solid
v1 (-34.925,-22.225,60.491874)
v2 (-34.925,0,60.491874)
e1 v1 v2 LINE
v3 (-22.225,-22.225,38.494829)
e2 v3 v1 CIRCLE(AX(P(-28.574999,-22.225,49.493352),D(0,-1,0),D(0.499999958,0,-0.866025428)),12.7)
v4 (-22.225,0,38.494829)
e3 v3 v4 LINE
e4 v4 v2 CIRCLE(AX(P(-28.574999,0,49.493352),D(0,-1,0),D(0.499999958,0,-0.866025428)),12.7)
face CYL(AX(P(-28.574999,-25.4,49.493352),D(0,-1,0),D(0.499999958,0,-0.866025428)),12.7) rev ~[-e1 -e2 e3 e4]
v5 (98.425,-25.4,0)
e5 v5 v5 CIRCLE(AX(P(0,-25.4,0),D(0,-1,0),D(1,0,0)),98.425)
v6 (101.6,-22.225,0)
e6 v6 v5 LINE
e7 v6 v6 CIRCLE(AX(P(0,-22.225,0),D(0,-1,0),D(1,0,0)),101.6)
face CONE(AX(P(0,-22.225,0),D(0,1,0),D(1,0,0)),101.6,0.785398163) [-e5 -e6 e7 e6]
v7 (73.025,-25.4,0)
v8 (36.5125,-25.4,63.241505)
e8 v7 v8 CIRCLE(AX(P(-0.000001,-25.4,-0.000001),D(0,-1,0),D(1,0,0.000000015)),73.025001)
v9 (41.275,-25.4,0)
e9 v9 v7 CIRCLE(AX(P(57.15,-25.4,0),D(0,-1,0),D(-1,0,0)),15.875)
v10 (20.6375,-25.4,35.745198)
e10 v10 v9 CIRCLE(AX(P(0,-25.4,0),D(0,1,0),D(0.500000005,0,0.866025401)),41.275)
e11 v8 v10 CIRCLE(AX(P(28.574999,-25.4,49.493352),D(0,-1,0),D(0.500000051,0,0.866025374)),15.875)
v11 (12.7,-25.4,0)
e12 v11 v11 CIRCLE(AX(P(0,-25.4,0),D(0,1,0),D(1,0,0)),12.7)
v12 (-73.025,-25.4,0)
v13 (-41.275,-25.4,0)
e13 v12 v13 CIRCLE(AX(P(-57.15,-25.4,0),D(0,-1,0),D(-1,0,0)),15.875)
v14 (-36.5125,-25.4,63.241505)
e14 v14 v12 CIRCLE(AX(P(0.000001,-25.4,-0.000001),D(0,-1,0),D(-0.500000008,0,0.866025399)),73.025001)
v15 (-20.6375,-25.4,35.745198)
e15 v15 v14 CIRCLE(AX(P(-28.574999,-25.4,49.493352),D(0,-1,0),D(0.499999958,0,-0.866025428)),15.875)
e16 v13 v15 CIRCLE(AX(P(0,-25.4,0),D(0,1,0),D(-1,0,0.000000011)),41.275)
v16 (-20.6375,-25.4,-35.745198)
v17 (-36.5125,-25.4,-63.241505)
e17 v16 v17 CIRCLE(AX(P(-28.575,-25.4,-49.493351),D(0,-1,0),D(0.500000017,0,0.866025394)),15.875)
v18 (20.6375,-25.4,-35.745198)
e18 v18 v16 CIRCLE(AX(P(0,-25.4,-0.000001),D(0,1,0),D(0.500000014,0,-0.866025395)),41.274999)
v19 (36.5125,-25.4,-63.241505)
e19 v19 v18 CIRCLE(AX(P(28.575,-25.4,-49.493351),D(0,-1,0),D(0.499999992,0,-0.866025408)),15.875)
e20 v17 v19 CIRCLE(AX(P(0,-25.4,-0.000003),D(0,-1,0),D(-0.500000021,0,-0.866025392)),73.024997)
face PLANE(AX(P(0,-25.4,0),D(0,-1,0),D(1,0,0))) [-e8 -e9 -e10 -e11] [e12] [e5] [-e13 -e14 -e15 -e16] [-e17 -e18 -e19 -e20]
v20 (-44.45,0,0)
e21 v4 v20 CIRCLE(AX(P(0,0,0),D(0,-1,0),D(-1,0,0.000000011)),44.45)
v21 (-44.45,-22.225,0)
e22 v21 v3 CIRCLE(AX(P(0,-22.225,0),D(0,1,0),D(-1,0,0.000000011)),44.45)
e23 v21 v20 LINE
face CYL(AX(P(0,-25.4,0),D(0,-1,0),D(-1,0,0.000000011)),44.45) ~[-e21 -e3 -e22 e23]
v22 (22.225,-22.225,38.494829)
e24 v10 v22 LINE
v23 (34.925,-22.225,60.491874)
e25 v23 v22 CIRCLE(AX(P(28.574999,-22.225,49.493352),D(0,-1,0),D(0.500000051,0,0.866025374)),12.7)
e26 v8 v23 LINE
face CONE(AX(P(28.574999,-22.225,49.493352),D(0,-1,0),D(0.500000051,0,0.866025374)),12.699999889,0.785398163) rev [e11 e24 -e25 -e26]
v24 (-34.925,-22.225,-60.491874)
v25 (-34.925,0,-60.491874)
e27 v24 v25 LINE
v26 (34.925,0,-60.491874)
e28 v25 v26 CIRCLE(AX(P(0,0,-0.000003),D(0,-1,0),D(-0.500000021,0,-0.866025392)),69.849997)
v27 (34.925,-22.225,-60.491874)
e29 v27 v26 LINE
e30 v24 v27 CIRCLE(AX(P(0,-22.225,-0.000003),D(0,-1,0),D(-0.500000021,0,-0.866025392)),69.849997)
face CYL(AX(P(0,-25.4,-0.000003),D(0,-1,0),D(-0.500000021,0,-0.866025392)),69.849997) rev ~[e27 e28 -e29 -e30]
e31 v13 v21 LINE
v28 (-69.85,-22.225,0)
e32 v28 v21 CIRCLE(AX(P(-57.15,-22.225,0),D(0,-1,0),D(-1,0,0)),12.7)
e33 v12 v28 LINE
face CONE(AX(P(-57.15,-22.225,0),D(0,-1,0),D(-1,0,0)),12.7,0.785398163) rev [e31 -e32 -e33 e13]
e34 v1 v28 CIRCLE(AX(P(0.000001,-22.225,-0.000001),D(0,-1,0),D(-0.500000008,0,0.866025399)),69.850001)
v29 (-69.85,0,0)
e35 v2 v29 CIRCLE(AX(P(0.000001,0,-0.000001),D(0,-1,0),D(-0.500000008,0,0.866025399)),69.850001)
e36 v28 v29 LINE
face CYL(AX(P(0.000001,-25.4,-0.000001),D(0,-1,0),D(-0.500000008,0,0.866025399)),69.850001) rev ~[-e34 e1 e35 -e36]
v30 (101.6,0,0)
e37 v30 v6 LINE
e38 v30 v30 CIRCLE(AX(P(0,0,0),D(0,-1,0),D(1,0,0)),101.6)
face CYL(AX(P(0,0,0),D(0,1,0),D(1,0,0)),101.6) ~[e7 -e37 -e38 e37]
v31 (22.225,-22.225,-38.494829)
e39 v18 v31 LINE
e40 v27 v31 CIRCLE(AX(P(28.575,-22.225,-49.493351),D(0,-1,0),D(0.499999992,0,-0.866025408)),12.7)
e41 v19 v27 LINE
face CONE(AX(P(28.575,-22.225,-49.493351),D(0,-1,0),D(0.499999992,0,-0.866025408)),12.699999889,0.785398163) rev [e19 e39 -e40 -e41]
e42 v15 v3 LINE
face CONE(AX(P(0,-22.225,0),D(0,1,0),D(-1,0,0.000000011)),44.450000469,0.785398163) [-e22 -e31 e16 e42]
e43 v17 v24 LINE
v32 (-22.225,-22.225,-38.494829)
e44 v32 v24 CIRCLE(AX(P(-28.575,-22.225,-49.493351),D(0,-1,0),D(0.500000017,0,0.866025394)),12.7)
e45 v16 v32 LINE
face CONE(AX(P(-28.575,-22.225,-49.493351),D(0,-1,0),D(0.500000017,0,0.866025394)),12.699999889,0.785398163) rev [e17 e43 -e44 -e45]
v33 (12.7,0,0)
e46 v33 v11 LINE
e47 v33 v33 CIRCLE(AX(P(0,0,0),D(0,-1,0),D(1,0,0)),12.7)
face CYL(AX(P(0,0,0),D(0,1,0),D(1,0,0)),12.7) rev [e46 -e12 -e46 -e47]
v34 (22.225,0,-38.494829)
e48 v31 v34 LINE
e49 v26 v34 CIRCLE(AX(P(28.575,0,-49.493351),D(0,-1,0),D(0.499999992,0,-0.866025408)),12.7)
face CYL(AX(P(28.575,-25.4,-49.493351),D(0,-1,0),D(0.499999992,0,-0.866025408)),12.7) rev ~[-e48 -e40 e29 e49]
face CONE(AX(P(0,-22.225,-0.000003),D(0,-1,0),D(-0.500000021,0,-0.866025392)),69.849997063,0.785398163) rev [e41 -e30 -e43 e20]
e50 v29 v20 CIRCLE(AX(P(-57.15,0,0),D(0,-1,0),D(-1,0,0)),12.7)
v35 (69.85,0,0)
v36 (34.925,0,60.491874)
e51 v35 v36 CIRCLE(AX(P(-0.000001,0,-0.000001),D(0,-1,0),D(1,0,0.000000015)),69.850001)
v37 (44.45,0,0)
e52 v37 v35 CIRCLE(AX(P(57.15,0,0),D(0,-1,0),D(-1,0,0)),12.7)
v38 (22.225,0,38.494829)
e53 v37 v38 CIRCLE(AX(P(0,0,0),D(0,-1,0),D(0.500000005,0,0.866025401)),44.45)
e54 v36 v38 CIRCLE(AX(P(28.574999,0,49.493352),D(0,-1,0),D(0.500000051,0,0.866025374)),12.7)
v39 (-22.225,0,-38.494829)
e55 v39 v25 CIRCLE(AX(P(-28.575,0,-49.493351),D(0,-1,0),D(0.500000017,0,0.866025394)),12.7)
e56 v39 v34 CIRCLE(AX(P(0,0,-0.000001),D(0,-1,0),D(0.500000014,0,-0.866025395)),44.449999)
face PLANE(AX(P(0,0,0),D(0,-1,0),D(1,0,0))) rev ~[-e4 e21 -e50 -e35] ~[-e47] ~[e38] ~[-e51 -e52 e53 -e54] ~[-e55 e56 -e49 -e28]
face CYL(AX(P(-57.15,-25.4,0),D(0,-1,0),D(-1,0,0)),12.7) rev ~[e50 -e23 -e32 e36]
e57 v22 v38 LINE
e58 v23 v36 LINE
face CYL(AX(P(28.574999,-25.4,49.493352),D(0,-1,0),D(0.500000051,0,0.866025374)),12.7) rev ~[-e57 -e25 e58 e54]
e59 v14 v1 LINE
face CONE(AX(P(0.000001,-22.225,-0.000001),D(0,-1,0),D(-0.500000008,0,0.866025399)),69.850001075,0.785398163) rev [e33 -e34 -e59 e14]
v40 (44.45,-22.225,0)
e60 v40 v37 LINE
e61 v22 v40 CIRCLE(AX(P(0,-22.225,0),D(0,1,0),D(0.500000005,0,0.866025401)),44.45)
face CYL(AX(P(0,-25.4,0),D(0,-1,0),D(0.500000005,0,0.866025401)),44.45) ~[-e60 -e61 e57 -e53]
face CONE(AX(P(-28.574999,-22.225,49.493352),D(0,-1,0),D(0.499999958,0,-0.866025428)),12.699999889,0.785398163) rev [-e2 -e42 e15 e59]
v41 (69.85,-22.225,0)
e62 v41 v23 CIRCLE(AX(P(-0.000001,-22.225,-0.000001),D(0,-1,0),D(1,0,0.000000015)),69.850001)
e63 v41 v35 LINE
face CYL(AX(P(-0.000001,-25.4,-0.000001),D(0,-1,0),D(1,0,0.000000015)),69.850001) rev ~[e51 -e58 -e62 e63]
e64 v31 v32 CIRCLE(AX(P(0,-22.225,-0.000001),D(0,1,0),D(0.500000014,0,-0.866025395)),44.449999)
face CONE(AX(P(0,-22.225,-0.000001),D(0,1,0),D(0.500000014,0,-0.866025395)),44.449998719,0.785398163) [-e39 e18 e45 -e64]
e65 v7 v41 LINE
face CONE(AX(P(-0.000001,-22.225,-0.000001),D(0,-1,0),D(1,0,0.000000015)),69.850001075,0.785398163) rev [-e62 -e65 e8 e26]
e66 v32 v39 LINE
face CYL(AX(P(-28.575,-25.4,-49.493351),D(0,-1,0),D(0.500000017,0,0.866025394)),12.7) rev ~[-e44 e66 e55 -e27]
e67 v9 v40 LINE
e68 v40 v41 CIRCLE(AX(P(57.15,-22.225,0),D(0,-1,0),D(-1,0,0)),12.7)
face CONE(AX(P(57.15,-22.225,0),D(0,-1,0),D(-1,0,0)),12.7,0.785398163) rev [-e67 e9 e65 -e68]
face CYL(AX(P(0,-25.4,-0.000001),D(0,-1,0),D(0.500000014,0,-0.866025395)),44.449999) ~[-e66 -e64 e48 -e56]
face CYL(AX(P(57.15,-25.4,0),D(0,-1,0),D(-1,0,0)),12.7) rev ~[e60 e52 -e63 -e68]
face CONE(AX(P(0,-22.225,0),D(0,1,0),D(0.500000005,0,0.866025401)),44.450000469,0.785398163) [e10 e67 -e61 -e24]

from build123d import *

# Parameters (mm, degrees)
F0_R     = 101.6
F2_DEPTH = 25.4
F1_R     = 12.7
F3_DEPTH = 25.401
F5_DEPTH = 25.401
F6_SIZE  = 3.175


with BuildPart() as f2:
    # F0 (on Front) → F2 (new body)
    with BuildSketch(Plane.XZ):
        Circle(F0_R)
    extrude(amount=F2_DEPTH)

    # F1 (on Front) → F3 (cut, through all)
    with BuildSketch(Plane.XZ):
        Circle(F1_R)
    extrude(amount=F3_DEPTH, mode=Mode.SUBTRACT)

    # F4 (on face) → F5 (cut, through all)
    with BuildSketch(Plane.XZ.offset(25.4)):
        with BuildLine():
            ThreePointArc((22.225, 38.494829), (38.494829, 22.225), (44.45, 0))
            ThreePointArc((44.45, 0), (57.15, -12.7), (69.85, 0))
            ThreePointArc((69.85, 0), (60.491874, 34.925), (34.925, 60.491874))
            ThreePointArc((34.925, 60.491874), (17.576477, 55.843352), (22.225, 38.494829))
        make_face()
        with BuildLine():
            ThreePointArc((-44.45, 0), (-38.494829, 22.225), (-22.225, 38.494829))
            ThreePointArc((-22.225, 38.494829), (-17.576477, 55.843352), (-34.925, 60.491874))
            ThreePointArc((-34.925, 60.491874), (-60.491874, 34.925), (-69.85, 0))
            ThreePointArc((-69.85, 0), (-57.15, -12.7), (-44.45, 0))
        make_face()
        with BuildLine():
            ThreePointArc((22.225, -38.494829), (0, -44.45), (-22.225, -38.494829))
            ThreePointArc((-22.225, -38.494829), (-39.573523, -43.143352), (-34.925, -60.491874))
            ThreePointArc((-34.925, -60.491874), (0, -69.85), (34.925, -60.491874))
            ThreePointArc((34.925, -60.491874), (39.573523, -43.143352), (22.225, -38.494829))
        make_face()
    extrude(amount=-F5_DEPTH, mode=Mode.SUBTRACT)

    # F6
    f6_edges = [f2.edges().sort_by_distance(p)[0] for p in [
        (-101.6, -25.4, 0),
        (-60.491874, -25.4, 34.925),
        (38.494829, -25.4, 22.225),
        (0, -25.4, -44.45),
    ]]
    chamfer(f6_edges, length=F6_SIZE)


solid = f2.part
